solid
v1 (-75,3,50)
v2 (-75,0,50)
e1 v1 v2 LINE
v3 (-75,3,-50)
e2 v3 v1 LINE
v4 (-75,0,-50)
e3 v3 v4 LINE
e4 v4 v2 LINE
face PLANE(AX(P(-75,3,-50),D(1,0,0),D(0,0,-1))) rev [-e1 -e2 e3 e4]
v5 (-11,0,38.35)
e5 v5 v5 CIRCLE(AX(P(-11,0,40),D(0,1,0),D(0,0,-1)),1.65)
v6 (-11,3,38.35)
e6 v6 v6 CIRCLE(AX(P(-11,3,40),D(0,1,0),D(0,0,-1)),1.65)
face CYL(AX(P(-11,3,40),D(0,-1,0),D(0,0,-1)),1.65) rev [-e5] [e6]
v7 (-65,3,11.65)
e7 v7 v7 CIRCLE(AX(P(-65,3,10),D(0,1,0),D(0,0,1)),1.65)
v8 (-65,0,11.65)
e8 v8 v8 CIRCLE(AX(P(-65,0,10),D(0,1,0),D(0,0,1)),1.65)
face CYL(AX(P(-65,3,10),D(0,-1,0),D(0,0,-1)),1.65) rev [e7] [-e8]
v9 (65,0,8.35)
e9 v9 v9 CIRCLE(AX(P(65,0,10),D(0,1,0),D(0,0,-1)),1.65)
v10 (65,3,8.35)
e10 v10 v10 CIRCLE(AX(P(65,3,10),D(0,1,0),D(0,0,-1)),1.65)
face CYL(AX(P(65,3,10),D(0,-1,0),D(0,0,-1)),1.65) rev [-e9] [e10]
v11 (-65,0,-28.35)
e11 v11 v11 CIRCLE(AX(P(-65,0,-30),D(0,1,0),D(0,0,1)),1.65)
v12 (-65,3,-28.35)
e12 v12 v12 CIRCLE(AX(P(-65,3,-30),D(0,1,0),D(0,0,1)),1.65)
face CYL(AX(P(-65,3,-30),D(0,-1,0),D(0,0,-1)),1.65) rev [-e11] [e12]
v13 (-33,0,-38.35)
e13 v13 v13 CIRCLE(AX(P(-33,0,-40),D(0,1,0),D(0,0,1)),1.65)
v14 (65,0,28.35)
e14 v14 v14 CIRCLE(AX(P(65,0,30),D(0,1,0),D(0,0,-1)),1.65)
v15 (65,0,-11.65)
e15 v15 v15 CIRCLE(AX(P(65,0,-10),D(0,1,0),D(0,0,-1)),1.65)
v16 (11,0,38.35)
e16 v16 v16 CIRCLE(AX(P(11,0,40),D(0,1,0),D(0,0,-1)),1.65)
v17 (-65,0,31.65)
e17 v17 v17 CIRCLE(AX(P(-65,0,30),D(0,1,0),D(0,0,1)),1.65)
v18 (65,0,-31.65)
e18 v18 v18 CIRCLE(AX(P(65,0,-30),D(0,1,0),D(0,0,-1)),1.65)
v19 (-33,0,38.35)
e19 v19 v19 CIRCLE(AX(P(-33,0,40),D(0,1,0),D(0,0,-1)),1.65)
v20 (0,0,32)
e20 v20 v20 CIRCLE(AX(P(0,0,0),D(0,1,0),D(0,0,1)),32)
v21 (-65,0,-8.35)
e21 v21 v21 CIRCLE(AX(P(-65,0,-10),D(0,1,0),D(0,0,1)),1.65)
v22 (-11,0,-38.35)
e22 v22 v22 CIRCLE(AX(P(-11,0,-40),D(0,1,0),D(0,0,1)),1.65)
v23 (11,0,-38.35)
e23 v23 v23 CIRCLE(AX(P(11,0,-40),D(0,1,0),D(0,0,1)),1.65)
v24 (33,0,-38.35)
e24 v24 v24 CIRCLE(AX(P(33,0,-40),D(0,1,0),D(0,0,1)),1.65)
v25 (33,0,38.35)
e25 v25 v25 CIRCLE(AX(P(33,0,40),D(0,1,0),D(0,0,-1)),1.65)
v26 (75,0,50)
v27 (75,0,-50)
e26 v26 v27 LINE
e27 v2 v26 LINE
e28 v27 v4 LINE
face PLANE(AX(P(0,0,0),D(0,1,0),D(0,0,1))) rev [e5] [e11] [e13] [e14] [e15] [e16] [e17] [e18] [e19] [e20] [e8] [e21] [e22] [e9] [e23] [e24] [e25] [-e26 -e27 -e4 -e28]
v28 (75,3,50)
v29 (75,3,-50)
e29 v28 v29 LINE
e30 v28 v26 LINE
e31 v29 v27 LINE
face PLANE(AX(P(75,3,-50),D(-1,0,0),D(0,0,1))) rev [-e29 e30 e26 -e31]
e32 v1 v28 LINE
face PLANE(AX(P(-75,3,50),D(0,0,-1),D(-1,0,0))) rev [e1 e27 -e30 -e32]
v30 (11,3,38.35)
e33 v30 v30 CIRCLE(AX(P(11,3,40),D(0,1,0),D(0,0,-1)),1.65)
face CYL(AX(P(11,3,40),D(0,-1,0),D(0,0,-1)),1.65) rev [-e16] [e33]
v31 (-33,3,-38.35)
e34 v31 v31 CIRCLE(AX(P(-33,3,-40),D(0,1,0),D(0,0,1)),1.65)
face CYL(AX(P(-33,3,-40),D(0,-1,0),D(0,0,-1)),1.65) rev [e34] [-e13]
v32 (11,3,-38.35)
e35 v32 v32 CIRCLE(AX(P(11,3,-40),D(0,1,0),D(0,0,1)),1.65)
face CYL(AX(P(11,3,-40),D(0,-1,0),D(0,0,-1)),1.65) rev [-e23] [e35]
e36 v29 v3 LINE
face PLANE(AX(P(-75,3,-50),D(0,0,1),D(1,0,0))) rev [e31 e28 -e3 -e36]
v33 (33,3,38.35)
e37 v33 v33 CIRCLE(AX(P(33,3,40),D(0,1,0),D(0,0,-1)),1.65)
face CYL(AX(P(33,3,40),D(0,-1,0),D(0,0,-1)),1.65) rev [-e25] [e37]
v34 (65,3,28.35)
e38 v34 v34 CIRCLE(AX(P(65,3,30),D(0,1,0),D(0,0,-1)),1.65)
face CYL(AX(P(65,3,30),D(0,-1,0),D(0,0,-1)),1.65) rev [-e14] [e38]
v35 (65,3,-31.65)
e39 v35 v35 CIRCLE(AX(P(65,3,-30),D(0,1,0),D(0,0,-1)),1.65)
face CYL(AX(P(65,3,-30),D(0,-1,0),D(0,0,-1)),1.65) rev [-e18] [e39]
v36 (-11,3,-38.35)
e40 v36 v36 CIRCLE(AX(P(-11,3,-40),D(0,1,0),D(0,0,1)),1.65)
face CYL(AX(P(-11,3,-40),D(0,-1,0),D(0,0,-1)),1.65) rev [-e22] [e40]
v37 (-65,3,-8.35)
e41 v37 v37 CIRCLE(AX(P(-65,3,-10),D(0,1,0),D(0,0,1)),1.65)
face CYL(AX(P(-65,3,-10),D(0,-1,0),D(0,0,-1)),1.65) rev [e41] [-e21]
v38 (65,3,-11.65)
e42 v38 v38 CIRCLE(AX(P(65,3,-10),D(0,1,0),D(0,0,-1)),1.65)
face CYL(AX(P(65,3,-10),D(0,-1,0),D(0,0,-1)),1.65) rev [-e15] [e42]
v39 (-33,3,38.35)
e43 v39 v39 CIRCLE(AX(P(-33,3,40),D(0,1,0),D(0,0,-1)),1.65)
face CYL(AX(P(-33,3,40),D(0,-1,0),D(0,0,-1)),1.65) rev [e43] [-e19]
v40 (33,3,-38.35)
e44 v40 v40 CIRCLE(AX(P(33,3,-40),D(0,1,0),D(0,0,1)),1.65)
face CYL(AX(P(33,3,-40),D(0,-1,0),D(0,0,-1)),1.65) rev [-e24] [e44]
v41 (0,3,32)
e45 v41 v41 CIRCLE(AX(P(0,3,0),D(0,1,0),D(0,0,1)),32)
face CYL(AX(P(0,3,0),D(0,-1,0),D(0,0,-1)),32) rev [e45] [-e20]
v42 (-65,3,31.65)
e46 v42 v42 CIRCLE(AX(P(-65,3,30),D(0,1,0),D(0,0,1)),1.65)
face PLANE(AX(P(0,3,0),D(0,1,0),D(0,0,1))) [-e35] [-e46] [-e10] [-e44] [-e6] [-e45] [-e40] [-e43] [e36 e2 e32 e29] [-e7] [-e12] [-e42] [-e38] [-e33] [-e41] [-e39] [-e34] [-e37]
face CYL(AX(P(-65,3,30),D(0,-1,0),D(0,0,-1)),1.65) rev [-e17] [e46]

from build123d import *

# Parameters (mm, degrees)
SKETCH_1_W      = 150
SKETCH_1_H      = 100
SKETCH_1_R      = 32
SKETCH_1_R_2    = 1.65
EXTRUDE_1_DEPTH = 3


with BuildPart() as part:
    # 草图1 → 凸台-拉伸1 (new body)
    with BuildSketch(Plane(origin=(0, 0, 0), x_dir=(1, 0, 0), z_dir=(0, 1, 0))):
        Rectangle(SKETCH_1_W, SKETCH_1_H)
        with Locations(Location((0, 0, 0), (0, 0, 270))):
            Circle(SKETCH_1_R, mode=Mode.SUBTRACT)
        with Locations(Location((-65, 30, 0), (0, 0, 270))):
            Circle(SKETCH_1_R_2, mode=Mode.SUBTRACT)
        with Locations(Location((-65, 10, 0), (0, 0, 270))):
            Circle(SKETCH_1_R_2, mode=Mode.SUBTRACT)
        with Locations(Location((-65, -10, 0), (0, 0, 270))):
            Circle(SKETCH_1_R_2, mode=Mode.SUBTRACT)
        with Locations(Location((-65, -30, 0), (0, 0, 270))):
            Circle(SKETCH_1_R_2, mode=Mode.SUBTRACT)
        with Locations(Location((65, -30, 0), (0, 0, 90))):
            Circle(SKETCH_1_R_2, mode=Mode.SUBTRACT)
        with Locations(Location((65, -10, 0), (0, 0, 90))):
            Circle(SKETCH_1_R_2, mode=Mode.SUBTRACT)
        with Locations(Location((65, 10, 0), (0, 0, 90))):
            Circle(SKETCH_1_R_2, mode=Mode.SUBTRACT)
        with Locations(Location((65, 30, 0), (0, 0, 90))):
            Circle(SKETCH_1_R_2, mode=Mode.SUBTRACT)
        with Locations(Location((33, 40, 0), (0, 0, 270))):
            Circle(SKETCH_1_R_2, mode=Mode.SUBTRACT)
        with Locations(Location((11, 40, 0), (0, 0, 270))):
            Circle(SKETCH_1_R_2, mode=Mode.SUBTRACT)
        with Locations(Location((-11, 40, 0), (0, 0, 270))):
            Circle(SKETCH_1_R_2, mode=Mode.SUBTRACT)
        with Locations(Location((-33, 40, 0), (0, 0, 270))):
            Circle(SKETCH_1_R_2, mode=Mode.SUBTRACT)
        with Locations(Location((33, -40, 0), (0, 0, 90))):
            Circle(SKETCH_1_R_2, mode=Mode.SUBTRACT)
        with Locations(Location((11, -40, 0), (0, 0, 90))):
            Circle(SKETCH_1_R_2, mode=Mode.SUBTRACT)
        with Locations(Location((-11, -40, 0), (0, 0, 90))):
            Circle(SKETCH_1_R_2, mode=Mode.SUBTRACT)
        with Locations(Location((-33, -40, 0), (0, 0, 90))):
            Circle(SKETCH_1_R_2, mode=Mode.SUBTRACT)
    extrude(amount=EXTRUDE_1_DEPTH)


solid = part.part
